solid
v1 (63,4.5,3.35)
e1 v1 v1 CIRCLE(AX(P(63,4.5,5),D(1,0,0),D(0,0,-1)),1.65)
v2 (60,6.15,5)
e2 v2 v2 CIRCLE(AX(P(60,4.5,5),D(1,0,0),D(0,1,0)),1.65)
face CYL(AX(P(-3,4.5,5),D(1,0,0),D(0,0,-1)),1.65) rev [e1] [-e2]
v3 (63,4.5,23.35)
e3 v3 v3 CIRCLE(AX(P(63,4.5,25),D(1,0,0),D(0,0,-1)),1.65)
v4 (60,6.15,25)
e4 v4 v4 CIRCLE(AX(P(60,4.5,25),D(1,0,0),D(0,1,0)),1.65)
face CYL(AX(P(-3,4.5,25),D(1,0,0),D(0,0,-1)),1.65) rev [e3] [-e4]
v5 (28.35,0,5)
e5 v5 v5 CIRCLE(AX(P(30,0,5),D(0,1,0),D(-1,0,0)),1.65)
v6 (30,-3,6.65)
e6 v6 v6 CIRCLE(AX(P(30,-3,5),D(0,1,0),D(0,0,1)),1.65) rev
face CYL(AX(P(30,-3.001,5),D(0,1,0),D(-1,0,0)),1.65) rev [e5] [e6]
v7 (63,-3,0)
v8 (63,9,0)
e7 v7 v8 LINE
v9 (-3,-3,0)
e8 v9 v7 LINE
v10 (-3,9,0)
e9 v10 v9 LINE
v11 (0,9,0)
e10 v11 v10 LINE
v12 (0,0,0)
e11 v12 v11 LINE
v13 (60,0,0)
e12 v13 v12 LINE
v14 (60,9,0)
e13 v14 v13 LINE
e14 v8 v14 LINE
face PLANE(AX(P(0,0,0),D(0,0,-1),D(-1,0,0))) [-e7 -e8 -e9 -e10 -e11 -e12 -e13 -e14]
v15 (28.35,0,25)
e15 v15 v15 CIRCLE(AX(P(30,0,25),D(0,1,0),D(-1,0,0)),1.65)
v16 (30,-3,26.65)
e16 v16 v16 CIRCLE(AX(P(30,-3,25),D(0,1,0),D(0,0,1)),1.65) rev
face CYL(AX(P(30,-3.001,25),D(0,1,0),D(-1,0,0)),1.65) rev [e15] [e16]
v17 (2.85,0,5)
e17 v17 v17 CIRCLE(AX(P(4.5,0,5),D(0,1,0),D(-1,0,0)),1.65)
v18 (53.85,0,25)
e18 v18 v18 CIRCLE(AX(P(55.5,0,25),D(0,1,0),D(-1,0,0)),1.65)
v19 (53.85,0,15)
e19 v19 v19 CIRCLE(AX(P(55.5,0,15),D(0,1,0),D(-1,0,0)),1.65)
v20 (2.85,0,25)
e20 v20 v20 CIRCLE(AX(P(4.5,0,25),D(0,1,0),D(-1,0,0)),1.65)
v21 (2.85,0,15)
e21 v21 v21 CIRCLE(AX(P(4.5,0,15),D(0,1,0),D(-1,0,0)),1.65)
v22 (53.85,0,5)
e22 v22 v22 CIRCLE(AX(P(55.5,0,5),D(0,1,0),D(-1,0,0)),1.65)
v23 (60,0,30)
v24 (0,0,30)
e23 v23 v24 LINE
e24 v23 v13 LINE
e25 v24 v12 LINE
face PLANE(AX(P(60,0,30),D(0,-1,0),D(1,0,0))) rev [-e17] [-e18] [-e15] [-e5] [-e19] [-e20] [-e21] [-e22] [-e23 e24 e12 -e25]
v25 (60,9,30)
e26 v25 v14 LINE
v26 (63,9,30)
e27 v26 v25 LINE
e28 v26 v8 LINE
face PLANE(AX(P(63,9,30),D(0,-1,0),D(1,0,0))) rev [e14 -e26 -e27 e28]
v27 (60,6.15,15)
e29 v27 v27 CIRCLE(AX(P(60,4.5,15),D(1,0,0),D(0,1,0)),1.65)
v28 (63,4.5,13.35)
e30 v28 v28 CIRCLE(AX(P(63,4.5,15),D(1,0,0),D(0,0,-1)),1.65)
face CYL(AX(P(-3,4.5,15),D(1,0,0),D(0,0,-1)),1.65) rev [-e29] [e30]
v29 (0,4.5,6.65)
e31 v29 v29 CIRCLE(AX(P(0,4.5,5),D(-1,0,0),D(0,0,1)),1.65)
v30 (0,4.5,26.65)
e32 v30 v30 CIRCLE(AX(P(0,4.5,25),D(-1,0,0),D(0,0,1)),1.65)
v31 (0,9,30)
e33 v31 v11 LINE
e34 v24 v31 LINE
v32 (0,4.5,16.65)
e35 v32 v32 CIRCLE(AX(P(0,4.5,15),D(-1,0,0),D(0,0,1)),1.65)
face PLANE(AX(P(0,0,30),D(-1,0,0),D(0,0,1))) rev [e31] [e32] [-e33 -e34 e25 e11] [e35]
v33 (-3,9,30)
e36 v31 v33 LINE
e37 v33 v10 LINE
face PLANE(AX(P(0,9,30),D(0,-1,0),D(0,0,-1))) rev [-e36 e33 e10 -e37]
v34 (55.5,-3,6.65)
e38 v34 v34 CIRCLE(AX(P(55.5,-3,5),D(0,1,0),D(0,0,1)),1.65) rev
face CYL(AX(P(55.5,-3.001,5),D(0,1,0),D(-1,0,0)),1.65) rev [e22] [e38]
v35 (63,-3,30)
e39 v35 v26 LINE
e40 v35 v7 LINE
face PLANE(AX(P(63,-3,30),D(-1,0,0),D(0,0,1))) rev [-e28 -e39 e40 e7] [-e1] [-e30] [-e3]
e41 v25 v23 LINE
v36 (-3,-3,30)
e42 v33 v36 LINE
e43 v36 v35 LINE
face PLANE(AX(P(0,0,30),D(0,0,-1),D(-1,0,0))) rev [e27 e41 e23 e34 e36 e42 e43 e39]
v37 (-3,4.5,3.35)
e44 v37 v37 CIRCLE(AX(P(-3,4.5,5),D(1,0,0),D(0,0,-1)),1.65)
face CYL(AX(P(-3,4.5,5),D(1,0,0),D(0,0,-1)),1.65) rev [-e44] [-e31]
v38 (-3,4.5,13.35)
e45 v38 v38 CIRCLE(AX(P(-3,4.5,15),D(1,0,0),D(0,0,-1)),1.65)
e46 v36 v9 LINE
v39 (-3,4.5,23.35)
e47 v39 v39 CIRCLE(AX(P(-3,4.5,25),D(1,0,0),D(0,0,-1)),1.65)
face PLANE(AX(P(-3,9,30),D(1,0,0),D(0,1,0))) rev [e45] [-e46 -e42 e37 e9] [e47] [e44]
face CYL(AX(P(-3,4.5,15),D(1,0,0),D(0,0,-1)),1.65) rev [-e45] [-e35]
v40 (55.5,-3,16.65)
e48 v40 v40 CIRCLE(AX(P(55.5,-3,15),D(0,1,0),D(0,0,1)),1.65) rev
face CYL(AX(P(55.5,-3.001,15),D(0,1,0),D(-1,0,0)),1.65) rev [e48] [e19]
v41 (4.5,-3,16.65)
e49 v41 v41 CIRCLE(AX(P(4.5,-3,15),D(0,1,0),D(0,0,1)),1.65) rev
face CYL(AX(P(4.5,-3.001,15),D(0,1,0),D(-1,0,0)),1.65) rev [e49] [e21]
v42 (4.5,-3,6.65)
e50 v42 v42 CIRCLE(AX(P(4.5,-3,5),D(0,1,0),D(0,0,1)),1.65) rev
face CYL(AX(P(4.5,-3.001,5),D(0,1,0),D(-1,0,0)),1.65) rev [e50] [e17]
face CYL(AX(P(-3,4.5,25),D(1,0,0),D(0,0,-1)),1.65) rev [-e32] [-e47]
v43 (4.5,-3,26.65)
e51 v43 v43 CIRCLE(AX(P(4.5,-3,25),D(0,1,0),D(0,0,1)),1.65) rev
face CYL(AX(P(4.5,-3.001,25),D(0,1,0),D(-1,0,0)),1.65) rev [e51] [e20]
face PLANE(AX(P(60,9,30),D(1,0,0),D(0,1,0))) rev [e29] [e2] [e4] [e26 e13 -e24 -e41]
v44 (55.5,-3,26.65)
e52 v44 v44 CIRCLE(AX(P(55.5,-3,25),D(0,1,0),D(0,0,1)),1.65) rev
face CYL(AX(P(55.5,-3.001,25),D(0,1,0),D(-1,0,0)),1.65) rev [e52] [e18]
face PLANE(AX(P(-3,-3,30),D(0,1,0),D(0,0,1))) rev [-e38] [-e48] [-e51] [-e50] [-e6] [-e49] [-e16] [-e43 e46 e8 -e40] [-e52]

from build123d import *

# Parameters (mm, degrees)
EXTRUDE_1_DEPTH     = 30
SKETCH_2_R          = 1.65
CUT_EXTRUDE_1_DEPTH = 74.054773971
CUT_EXTRUDE_2_REACH = 72.356
SKETCH_3_R          = 1.65
CUT_EXTRUDE_3_REACH = 72.356
SKETCH_4_R          = 1.65


with BuildPart() as part:
    # ｽｹｯﾁ1 → ﾎﾞｽ - 押し出し1 (new body)
    with BuildSketch(Plane.XY):
        Polygon((0, 0), (0, 9), (-3, 9), (-3, -3), (63, -3), (63, 9), (60, 9), (60, 0), align=None)
    extrude(amount=EXTRUDE_1_DEPTH)

    # ｽｹｯﾁ2 → ｶｯﾄ - 押し出し1 (cut, through all)
    with BuildSketch(Plane(origin=(63, 0, 0), x_dir=(0, 0, -1), z_dir=(1, 0, 0))):
        with Locations((-25, 4.5)):
            Circle(SKETCH_2_R)
        with Locations((-5, 4.5)):
            Circle(SKETCH_2_R)
        with Locations((-15, 4.5)):
            Circle(SKETCH_2_R)
    extrude(amount=-CUT_EXTRUDE_1_DEPTH, mode=Mode.SUBTRACT)

    # ｽｹｯﾁ3 → ｶｯﾄ - 押し出し2 (cut, up to next)
    with BuildSketch(Plane(origin=(0, 0, 0), x_dir=(1, 0, 0), z_dir=(0, 1, 0)), mode=Mode.PRIVATE) as cut_extrude_2_sk1:
        with Locations(Location((30, -5, 0), (0, 0, 180))):
            Circle(SKETCH_3_R)
    cut_extrude_2_tool1 = extrude(cut_extrude_2_sk1.sketch, amount=-CUT_EXTRUDE_2_REACH, mode=Mode.PRIVATE) & part.part
    # ｽｹｯﾁ3 → ｶｯﾄ - 押し出し2 (cut, up to next)
    with BuildSketch(Plane(origin=(0, 0, 0), x_dir=(1, 0, 0), z_dir=(0, 1, 0)), mode=Mode.PRIVATE) as cut_extrude_2_sk2:
        with Locations(Location((30, -25, 0), (0, 0, 180))):
            Circle(SKETCH_3_R)
    cut_extrude_2_tool2 = extrude(cut_extrude_2_sk2.sketch, amount=-CUT_EXTRUDE_2_REACH, mode=Mode.PRIVATE) & part.part
    add(cut_extrude_2_tool1.solids().sort_by_distance((30, 0, 5))[0], mode=Mode.SUBTRACT)
    add(cut_extrude_2_tool2.solids().sort_by_distance((30, 0, 25))[0], mode=Mode.SUBTRACT)

    # ｽｹｯﾁ4 → ｶｯﾄ - 押し出し3 (cut, up to next)
    with BuildSketch(Plane(origin=(0, 0, 0), x_dir=(1, 0, 0), z_dir=(0, 1, 0)), mode=Mode.PRIVATE) as cut_extrude_3_sk1:
        with Locations(Location((4.5, -5, 0), (0, 0, 180))):
            Circle(SKETCH_4_R)
    cut_extrude_3_tool1 = extrude(cut_extrude_3_sk1.sketch, amount=-CUT_EXTRUDE_3_REACH, mode=Mode.PRIVATE) & part.part
    # ｽｹｯﾁ4 → ｶｯﾄ - 押し出し3 (cut, up to next)
    with BuildSketch(Plane(origin=(0, 0, 0), x_dir=(1, 0, 0), z_dir=(0, 1, 0)), mode=Mode.PRIVATE) as cut_extrude_3_sk2:
        with Locations(Location((4.5, -15, 0), (0, 0, 180))):
            Circle(SKETCH_4_R)
    cut_extrude_3_tool2 = extrude(cut_extrude_3_sk2.sketch, amount=-CUT_EXTRUDE_3_REACH, mode=Mode.PRIVATE) & part.part
    # ｽｹｯﾁ4 → ｶｯﾄ - 押し出し3 (cut, up to next)
    with BuildSketch(Plane(origin=(0, 0, 0), x_dir=(1, 0, 0), z_dir=(0, 1, 0)), mode=Mode.PRIVATE) as cut_extrude_3_sk3:
        with Locations(Location((4.5, -25, 0), (0, 0, 180))):
            Circle(SKETCH_4_R)
    cut_extrude_3_tool3 = extrude(cut_extrude_3_sk3.sketch, amount=-CUT_EXTRUDE_3_REACH, mode=Mode.PRIVATE) & part.part
    # ｽｹｯﾁ4 → ｶｯﾄ - 押し出し3 (cut, up to next)
    with BuildSketch(Plane(origin=(0, 0, 0), x_dir=(1, 0, 0), z_dir=(0, 1, 0)), mode=Mode.PRIVATE) as cut_extrude_3_sk4:
        with Locations(Location((55.5, -25, 0), (0, 0, 180))):
            Circle(SKETCH_4_R)
    cut_extrude_3_tool4 = extrude(cut_extrude_3_sk4.sketch, amount=-CUT_EXTRUDE_3_REACH, mode=Mode.PRIVATE) & part.part
    # ｽｹｯﾁ4 → ｶｯﾄ - 押し出し3 (cut, up to next)
    with BuildSketch(Plane(origin=(0, 0, 0), x_dir=(1, 0, 0), z_dir=(0, 1, 0)), mode=Mode.PRIVATE) as cut_extrude_3_sk5:
        with Locations(Location((55.5, -15, 0), (0, 0, 180))):
            Circle(SKETCH_4_R)
    cut_extrude_3_tool5 = extrude(cut_extrude_3_sk5.sketch, amount=-CUT_EXTRUDE_3_REACH, mode=Mode.PRIVATE) & part.part
    # ｽｹｯﾁ4 → ｶｯﾄ - 押し出し3 (cut, up to next)
    with BuildSketch(Plane(origin=(0, 0, 0), x_dir=(1, 0, 0), z_dir=(0, 1, 0)), mode=Mode.PRIVATE) as cut_extrude_3_sk6:
        with Locations(Location((55.5, -5, 0), (0, 0, 180))):
            Circle(SKETCH_4_R)
    cut_extrude_3_tool6 = extrude(cut_extrude_3_sk6.sketch, amount=-CUT_EXTRUDE_3_REACH, mode=Mode.PRIVATE) & part.part
    add(cut_extrude_3_tool1.solids().sort_by_distance((4.5, 0, 5))[0], mode=Mode.SUBTRACT)
    add(cut_extrude_3_tool2.solids().sort_by_distance((4.5, 0, 15))[0], mode=Mode.SUBTRACT)
    add(cut_extrude_3_tool3.solids().sort_by_distance((4.5, 0, 25))[0], mode=Mode.SUBTRACT)
    add(cut_extrude_3_tool4.solids().sort_by_distance((55.5, 0, 25))[0], mode=Mode.SUBTRACT)
    add(cut_extrude_3_tool5.solids().sort_by_distance((55.5, 0, 15))[0], mode=Mode.SUBTRACT)
    add(cut_extrude_3_tool6.solids().sort_by_distance((55.5, 0, 5))[0], mode=Mode.SUBTRACT)


solid = part.part
